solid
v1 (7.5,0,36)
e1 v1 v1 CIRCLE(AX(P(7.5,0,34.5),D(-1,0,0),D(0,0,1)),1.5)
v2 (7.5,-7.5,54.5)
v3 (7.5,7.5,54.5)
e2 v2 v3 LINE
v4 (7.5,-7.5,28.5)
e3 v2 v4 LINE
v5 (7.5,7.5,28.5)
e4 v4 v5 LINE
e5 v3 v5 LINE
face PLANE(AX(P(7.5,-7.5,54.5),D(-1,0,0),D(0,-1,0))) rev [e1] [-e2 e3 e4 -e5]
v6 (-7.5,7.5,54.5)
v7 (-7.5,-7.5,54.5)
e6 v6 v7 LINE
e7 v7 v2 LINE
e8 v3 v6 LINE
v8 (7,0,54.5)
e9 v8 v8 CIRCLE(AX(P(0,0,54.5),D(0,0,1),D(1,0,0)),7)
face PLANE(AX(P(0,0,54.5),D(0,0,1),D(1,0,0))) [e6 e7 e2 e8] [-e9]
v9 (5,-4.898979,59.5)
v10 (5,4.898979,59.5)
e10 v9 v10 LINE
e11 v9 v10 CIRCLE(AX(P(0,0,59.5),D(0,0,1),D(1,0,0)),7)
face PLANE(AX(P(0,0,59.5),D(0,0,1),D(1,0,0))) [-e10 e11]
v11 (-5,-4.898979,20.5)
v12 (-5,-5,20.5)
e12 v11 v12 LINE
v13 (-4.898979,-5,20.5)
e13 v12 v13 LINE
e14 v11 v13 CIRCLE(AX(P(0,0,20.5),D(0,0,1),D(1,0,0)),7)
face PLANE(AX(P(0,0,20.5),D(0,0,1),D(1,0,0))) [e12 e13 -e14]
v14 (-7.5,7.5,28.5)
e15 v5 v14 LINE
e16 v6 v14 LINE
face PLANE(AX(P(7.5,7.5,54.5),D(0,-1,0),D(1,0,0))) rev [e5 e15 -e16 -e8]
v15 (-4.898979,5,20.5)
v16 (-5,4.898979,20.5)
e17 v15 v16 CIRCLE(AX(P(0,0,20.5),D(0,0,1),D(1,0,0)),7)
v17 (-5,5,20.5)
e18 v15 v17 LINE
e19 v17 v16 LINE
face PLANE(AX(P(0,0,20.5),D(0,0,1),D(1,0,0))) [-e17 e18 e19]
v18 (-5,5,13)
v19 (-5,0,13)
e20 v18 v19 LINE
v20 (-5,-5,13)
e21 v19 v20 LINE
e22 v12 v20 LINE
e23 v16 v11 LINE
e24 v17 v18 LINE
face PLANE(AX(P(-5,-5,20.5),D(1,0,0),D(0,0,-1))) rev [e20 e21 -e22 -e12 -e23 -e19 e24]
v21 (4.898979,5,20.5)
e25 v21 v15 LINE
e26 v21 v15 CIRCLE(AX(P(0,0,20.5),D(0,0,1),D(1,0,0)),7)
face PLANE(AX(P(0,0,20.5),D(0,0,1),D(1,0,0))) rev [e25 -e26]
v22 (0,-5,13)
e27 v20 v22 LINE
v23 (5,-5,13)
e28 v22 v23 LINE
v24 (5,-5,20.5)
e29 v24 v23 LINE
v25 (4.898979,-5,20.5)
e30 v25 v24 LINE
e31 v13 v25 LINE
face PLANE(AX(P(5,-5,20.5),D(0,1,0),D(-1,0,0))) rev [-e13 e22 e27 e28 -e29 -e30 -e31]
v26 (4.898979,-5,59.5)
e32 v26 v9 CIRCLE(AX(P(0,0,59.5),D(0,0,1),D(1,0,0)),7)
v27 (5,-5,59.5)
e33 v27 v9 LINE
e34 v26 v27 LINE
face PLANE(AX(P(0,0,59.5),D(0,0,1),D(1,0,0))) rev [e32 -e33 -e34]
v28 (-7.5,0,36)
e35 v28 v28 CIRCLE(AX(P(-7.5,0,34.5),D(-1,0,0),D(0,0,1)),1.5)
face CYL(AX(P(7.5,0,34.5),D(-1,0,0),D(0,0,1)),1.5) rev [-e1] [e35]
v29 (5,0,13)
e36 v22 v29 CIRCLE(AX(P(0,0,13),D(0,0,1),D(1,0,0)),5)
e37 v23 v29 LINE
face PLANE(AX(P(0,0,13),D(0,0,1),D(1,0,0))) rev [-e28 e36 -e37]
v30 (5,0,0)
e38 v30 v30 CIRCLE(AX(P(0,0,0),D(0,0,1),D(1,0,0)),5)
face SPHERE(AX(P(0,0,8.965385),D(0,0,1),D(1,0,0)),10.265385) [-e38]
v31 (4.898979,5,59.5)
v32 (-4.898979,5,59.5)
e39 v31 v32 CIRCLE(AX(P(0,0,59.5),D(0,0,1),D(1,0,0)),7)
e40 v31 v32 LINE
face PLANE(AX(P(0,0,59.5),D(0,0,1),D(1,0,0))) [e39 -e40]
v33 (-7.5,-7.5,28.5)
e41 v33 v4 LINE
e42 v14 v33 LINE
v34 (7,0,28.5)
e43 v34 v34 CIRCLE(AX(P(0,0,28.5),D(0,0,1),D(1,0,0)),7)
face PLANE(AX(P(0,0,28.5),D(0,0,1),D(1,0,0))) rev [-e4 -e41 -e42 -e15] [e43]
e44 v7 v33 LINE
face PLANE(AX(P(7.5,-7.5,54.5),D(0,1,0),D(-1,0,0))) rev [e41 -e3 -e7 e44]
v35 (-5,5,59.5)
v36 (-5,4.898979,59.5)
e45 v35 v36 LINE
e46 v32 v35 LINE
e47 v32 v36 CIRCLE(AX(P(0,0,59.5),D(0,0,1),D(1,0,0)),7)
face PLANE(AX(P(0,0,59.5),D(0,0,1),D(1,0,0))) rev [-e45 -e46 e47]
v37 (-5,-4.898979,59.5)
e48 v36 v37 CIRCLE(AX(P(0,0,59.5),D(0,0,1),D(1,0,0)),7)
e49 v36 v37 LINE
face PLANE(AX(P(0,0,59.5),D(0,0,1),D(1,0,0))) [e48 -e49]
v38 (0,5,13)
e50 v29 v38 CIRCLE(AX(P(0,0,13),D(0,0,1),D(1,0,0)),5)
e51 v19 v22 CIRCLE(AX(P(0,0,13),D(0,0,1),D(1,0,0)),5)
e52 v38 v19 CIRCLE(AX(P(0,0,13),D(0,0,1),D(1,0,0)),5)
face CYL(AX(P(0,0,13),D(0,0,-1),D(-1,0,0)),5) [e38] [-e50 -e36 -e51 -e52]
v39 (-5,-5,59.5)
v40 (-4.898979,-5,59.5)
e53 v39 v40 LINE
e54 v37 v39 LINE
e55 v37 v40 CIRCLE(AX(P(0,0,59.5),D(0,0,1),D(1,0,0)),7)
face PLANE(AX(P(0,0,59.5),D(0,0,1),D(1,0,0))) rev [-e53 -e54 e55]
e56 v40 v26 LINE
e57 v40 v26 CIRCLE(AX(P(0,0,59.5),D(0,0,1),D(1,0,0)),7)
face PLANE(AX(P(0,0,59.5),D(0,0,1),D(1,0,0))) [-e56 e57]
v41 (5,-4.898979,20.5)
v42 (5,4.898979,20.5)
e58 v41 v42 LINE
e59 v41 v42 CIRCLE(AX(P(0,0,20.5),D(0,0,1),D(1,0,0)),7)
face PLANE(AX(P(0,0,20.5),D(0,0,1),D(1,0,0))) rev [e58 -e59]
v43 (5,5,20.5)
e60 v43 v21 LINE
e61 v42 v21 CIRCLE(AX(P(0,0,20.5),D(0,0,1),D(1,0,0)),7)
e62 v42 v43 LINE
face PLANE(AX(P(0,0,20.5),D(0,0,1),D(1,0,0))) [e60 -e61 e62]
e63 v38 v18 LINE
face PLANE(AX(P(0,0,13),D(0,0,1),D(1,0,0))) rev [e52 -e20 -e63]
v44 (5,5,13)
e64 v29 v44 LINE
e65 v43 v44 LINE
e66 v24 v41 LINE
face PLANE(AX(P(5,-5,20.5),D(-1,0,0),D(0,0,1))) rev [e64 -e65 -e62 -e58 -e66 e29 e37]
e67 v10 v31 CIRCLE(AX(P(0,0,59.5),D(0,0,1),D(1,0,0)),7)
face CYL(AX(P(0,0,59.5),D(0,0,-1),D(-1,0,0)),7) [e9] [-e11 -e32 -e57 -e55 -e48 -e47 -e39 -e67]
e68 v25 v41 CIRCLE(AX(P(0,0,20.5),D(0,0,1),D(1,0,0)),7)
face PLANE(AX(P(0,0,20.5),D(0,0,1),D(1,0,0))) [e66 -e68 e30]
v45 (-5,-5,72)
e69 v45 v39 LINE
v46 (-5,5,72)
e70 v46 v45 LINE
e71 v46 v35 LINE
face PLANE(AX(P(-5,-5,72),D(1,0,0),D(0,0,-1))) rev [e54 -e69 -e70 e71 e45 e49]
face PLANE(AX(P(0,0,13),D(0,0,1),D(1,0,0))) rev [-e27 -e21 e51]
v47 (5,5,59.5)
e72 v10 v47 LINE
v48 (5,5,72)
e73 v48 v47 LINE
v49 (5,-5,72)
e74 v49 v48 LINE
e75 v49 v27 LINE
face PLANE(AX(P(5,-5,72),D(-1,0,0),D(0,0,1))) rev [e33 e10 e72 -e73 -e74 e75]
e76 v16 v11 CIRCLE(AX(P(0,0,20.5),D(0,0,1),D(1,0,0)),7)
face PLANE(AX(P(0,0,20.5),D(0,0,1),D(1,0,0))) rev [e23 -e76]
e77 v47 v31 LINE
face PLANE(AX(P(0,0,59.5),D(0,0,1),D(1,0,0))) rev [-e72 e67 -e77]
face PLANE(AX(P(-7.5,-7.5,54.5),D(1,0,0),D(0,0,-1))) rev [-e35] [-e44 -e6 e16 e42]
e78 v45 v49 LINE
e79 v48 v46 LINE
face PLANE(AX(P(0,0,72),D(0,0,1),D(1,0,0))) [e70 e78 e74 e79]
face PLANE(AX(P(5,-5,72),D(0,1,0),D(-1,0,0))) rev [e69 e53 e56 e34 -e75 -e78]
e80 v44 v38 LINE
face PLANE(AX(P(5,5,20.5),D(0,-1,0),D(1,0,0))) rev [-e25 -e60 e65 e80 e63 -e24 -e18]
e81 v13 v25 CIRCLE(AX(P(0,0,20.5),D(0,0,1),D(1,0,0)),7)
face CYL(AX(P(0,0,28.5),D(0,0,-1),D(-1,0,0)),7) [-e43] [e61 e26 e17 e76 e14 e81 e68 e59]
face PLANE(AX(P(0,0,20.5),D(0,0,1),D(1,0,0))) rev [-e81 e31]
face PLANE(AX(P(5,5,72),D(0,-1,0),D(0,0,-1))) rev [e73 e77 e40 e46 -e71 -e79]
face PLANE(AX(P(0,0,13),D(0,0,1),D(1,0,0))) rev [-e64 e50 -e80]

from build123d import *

# Parameters (mm, degrees)
SCHIZZO1_R                   = 5
ESTRUSIONE_ESTRUSIONE1_DEPTH = 13
SCHIZZO2_W                   = 10
SCHIZZO2_H                   = 10
ESTRUSIONE_ESTRUSIONE2_DEPTH = 7.5
SCHIZZO3_R                   = 7
ESTRUSIONE_ESTRUSIONE3_DEPTH = 8
SCHIZZO4_W                   = 15
SCHIZZO4_H                   = 15
ESTRUSIONE_ESTRUSIONE4_DEPTH = 26
SCHIZZO5_R                   = 7
ESTRUSIONE_ESTRUSIONE5_DEPTH = 5
SCHIZZO6_W                   = 10
SCHIZZO6_H                   = 10
ESTRUSIONE_ESTRUSIONE6_DEPTH = 12.5
CUPOLA1_FACE_RADIUS          = 5
CUPOLA1_HEIGHT               = 1.3
SCHIZZO7_R                   = 1.5
TAGLIO_ESTRUSIONE1_DEPTH     = 74.927329182


with BuildPart() as part:
    # Schizzo1 → Estrusione-Estrusione1 (new body)
    with BuildSketch(Plane.XY):
        with Locations(Location((0, 0, 0), (0, 0, 180))):
            Circle(SCHIZZO1_R)
    extrude(amount=ESTRUSIONE_ESTRUSIONE1_DEPTH)

    # Schizzo2 → Estrusione-Estrusione2 (add)
    with BuildSketch(Plane.XY.offset(13)):
        Rectangle(SCHIZZO2_W, SCHIZZO2_H)
    extrude(amount=ESTRUSIONE_ESTRUSIONE2_DEPTH)

    # Schizzo3 → Estrusione-Estrusione3 (add)
    with BuildSketch(Plane.XY.offset(20.5)):
        with Locations(Location((0, 0, 0), (0, 0, 135.584691403))):
            Circle(SCHIZZO3_R)
    extrude(amount=ESTRUSIONE_ESTRUSIONE3_DEPTH)

    # Schizzo4 → Estrusione-Estrusione4 (add)
    with BuildSketch(Plane.XY.offset(28.5)):
        Rectangle(SCHIZZO4_W, SCHIZZO4_H)
    extrude(amount=ESTRUSIONE_ESTRUSIONE4_DEPTH)

    # Schizzo5 → Estrusione-Estrusione5 (add)
    with BuildSketch(Plane.XY.offset(54.5)):
        with Locations(Location((0, 0, 0), (0, 0, 135.584691403))):
            Circle(SCHIZZO5_R)
    extrude(amount=ESTRUSIONE_ESTRUSIONE5_DEPTH)

    # Schizzo6 → Estrusione-Estrusione6 (add)
    with BuildSketch(Plane.XY.offset(59.5)):
        Rectangle(SCHIZZO6_W, SCHIZZO6_H)
    extrude(amount=ESTRUSIONE_ESTRUSIONE6_DEPTH)

    # Cupola1: a dome of height H over a round flat face of radius A is a cap of a sphere of radius (A * A + H * H) / (2 * H)
    cupola1_r = (CUPOLA1_FACE_RADIUS * CUPOLA1_FACE_RADIUS + CUPOLA1_HEIGHT * CUPOLA1_HEIGHT) / (2 * CUPOLA1_HEIGHT)
    cupola1_base = Plane((0, 0, 0), z_dir=(0, 0, -1))
    with Locations(cupola1_base.offset(CUPOLA1_HEIGHT - cupola1_r)):
        cupola1_ball = Sphere(cupola1_r, mode=Mode.PRIVATE)
    add(split(cupola1_ball, bisect_by=cupola1_base, keep=Keep.TOP, mode=Mode.PRIVATE))

    # Schizzo7 → Taglio-Estrusione1 (cut, through all)
    with BuildSketch(Plane.ZY.offset(7.5)):
        with Locations((34.5, 0)):
            Circle(SCHIZZO7_R)
    extrude(amount=-TAGLIO_ESTRUSIONE1_DEPTH, mode=Mode.SUBTRACT)


solid = part.part
